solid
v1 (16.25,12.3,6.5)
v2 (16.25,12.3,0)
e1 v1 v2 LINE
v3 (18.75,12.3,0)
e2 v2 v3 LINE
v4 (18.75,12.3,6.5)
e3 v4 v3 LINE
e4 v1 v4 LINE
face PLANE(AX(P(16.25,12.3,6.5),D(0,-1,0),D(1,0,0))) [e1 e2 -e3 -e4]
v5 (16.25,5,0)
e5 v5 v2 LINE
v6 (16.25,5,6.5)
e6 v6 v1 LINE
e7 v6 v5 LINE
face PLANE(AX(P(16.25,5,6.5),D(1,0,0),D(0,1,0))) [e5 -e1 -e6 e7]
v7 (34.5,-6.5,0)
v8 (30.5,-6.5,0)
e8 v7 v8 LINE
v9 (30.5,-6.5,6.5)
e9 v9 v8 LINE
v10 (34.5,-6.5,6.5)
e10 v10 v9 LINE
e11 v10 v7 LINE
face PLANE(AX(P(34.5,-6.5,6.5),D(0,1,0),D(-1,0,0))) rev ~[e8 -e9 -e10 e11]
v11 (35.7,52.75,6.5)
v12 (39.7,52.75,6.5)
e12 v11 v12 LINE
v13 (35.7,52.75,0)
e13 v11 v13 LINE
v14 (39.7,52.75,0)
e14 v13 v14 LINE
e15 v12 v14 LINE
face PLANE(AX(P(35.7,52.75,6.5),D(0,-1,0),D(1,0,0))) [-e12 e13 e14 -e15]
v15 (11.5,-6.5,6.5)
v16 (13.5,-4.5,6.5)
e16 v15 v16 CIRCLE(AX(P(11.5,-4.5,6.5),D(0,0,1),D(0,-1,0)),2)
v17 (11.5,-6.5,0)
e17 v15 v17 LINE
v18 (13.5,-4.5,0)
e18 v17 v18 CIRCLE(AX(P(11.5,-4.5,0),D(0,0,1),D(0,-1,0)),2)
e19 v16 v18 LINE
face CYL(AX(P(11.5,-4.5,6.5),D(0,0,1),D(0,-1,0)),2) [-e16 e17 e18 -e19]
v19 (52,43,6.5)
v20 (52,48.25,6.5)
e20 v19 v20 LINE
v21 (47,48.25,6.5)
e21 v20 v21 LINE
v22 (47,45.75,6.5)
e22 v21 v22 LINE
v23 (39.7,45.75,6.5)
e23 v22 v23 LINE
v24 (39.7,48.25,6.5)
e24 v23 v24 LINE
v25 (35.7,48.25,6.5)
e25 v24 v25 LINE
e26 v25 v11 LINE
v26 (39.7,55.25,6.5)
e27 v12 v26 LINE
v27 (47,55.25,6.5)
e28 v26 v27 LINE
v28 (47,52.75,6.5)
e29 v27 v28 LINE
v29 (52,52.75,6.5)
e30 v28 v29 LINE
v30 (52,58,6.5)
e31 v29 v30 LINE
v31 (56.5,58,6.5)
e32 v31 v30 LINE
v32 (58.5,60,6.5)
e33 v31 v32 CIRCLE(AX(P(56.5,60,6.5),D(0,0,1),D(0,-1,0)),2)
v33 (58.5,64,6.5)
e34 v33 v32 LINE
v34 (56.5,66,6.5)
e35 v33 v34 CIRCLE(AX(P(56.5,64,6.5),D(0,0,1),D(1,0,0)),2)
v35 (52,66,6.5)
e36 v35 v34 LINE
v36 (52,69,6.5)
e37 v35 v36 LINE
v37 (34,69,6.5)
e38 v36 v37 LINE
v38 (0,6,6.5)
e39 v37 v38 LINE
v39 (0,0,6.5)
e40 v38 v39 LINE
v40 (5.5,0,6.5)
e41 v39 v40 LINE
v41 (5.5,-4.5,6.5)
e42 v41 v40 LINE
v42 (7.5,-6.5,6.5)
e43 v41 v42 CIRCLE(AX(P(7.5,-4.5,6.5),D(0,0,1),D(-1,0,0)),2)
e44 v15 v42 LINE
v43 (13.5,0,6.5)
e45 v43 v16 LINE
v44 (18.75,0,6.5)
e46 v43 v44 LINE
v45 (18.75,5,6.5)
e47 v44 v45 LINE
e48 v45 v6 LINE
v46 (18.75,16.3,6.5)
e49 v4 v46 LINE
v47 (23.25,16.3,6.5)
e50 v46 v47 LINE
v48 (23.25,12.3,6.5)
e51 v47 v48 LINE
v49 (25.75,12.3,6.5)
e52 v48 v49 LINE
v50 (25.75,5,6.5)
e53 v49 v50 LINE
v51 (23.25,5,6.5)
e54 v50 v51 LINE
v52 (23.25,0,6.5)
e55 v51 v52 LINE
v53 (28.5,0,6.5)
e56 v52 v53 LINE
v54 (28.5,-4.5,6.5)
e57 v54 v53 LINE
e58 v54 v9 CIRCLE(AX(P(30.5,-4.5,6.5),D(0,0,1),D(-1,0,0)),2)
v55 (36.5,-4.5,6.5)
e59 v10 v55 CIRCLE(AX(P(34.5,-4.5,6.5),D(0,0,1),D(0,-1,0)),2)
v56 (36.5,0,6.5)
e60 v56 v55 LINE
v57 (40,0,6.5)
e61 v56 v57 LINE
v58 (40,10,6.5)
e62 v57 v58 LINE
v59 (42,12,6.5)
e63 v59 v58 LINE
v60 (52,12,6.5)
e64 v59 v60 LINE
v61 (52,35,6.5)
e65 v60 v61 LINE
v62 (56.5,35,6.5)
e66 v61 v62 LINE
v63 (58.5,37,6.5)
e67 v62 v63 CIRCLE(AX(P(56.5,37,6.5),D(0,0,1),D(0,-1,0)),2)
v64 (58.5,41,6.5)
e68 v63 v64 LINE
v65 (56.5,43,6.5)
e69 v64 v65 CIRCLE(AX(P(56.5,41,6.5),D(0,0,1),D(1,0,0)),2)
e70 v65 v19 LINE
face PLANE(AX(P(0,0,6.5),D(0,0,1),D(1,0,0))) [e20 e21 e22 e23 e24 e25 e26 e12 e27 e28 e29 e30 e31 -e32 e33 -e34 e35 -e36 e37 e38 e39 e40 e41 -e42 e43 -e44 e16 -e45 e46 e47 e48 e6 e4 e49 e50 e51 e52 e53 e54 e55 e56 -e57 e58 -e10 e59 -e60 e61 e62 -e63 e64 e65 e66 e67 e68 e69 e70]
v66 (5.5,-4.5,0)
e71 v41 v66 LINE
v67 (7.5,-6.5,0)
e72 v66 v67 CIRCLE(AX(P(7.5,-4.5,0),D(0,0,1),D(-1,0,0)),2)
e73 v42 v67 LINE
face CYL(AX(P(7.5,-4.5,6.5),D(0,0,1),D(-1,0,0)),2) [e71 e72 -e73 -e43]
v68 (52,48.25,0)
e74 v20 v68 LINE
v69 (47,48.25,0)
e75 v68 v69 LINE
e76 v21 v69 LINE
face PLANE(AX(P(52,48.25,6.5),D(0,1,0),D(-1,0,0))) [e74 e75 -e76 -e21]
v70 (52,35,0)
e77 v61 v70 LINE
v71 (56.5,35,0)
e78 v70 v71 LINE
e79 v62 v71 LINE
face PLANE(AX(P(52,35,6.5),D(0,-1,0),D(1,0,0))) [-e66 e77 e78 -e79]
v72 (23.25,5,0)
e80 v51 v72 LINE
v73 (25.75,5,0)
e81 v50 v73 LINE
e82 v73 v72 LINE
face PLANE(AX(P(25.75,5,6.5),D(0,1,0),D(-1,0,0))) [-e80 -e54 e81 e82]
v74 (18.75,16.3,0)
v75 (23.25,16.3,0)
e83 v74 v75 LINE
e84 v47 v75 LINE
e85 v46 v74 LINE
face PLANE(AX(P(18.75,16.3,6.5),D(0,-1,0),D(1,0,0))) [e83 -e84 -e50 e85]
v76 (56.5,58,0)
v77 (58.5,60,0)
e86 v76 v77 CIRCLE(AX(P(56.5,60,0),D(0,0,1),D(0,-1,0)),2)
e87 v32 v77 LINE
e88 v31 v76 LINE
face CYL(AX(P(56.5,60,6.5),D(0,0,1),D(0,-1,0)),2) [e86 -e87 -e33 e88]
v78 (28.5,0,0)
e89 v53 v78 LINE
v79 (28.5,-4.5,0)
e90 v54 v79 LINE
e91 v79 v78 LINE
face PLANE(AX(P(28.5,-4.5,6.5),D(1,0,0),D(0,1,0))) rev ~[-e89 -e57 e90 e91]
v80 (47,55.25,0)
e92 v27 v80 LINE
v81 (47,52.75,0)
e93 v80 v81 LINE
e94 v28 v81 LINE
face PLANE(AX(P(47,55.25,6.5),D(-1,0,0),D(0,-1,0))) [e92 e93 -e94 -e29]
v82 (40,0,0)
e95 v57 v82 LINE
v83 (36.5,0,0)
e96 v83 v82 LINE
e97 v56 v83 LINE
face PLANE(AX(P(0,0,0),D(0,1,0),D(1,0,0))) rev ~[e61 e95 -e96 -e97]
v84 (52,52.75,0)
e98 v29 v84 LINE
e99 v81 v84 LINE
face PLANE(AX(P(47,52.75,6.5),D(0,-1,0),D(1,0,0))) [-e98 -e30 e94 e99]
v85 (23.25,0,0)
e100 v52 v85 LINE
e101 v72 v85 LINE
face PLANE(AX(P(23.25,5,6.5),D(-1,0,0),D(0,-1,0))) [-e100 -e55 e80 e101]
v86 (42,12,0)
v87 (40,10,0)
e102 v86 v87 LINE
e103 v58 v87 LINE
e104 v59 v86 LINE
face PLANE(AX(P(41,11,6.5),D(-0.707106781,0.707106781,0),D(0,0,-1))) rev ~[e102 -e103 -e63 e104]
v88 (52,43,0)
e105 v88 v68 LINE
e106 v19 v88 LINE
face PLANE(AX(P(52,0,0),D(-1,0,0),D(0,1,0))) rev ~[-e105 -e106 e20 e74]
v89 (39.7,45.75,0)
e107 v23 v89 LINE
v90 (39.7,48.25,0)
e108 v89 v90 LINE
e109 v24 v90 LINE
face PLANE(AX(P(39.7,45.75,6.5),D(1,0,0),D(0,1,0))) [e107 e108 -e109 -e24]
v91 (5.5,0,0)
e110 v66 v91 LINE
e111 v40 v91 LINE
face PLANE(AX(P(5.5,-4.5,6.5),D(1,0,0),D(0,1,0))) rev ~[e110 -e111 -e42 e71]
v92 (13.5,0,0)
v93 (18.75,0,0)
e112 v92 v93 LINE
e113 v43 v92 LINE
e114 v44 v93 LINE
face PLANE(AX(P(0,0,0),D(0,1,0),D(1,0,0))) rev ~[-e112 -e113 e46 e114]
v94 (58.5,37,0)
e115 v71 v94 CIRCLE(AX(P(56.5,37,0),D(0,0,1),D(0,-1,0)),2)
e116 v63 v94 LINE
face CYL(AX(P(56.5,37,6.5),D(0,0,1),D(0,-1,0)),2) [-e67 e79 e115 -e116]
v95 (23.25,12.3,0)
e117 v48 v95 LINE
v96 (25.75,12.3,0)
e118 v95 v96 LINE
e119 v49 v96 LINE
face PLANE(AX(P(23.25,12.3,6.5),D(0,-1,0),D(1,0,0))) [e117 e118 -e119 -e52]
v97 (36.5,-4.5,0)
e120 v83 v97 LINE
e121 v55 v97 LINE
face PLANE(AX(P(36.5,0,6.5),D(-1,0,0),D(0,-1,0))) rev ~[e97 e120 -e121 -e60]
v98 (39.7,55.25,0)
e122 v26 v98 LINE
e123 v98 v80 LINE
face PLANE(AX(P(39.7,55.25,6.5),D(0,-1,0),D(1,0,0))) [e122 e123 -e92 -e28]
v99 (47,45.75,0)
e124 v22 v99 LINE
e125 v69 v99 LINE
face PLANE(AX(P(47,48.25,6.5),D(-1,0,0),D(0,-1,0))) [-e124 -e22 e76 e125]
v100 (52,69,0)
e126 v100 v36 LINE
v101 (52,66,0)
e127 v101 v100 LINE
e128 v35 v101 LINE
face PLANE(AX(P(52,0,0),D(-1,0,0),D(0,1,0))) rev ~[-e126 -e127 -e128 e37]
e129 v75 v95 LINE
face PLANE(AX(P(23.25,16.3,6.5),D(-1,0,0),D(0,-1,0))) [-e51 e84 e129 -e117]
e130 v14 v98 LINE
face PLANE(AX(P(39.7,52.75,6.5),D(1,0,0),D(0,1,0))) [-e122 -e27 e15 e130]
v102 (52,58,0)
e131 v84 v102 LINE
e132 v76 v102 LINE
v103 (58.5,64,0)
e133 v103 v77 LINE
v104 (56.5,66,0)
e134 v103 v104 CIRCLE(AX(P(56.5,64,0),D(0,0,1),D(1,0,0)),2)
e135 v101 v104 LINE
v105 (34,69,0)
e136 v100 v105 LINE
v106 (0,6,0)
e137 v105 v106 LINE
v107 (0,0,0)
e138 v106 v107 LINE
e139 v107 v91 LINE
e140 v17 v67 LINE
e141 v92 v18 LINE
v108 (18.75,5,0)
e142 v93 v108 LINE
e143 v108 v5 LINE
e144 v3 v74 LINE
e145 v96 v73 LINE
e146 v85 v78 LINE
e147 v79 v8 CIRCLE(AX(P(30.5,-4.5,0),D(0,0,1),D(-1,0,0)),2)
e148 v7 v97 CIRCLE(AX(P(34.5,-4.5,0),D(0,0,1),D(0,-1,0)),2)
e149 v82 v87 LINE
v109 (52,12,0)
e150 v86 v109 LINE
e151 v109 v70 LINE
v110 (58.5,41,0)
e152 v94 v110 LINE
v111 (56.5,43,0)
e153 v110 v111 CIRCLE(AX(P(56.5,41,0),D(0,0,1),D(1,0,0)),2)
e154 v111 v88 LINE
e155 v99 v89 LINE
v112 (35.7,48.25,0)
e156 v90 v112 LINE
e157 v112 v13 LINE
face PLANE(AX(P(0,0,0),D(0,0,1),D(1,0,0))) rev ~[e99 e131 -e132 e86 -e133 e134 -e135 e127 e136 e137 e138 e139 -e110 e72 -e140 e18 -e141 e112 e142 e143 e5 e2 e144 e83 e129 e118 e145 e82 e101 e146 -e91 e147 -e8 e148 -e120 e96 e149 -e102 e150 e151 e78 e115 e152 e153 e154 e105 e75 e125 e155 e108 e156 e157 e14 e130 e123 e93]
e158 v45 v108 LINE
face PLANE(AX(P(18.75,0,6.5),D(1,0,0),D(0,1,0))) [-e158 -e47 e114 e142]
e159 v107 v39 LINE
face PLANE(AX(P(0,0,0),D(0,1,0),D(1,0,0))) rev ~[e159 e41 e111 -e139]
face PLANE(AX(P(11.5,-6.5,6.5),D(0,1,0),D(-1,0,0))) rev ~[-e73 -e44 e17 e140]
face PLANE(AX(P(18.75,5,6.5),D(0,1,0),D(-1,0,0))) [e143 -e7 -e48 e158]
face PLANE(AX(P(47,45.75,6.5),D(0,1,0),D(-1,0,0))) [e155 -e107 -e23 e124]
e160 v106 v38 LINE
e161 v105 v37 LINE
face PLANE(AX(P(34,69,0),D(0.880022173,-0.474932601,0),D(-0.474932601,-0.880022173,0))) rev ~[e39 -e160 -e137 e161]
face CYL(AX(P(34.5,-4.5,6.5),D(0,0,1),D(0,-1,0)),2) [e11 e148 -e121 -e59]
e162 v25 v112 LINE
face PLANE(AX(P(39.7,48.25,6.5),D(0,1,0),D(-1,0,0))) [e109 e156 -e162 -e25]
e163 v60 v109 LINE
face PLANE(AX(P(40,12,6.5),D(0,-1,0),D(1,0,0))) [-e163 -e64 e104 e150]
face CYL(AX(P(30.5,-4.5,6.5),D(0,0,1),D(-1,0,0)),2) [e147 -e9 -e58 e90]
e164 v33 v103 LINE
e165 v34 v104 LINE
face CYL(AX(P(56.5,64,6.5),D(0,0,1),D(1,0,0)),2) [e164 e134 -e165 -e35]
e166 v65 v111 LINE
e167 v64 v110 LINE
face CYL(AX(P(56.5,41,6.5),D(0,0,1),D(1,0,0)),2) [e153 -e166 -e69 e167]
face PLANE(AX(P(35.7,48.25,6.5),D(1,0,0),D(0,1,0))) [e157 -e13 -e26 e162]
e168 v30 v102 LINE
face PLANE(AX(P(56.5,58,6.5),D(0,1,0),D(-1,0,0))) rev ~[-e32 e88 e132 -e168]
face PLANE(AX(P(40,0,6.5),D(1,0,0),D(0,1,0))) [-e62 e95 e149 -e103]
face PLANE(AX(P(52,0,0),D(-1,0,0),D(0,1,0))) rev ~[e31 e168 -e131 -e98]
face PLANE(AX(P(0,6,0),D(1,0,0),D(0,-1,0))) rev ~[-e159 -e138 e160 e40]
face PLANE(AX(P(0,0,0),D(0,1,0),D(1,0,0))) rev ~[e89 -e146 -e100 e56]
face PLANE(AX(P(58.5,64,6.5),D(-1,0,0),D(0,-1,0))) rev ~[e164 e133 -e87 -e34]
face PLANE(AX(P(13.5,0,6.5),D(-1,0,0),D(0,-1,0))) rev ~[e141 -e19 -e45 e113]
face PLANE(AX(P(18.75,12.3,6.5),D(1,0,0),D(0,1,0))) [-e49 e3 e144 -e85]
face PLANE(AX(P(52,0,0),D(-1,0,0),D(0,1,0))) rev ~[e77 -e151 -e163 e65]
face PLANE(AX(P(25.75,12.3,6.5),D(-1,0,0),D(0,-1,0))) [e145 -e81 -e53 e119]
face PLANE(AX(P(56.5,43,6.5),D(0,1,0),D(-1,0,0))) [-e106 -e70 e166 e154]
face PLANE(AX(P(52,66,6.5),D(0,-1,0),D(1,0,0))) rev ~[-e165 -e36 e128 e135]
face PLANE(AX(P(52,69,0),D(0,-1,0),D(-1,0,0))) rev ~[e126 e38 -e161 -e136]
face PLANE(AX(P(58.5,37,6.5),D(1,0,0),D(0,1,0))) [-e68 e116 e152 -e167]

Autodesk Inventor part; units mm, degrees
ref_plane "YZ Plane" through (0, 0, 0) normal (1, 0, 0) x (0, 1, 0)
ref_plane "XZ Plane" through (0, 0, 0) normal (0, 1, 0) x (-1, 0, 0)
ref_plane "XY Plane" through (0, 0, 0) normal (0, 0, 1) x (1, 0, 0)
sketch "Sketch1" plane through (0, 0, 0) normal (0, 0, 1) x (1, 0, 0)
  line L0 (0, 0) -> (52, 0)
  line L1 (52, 0) -> (52, 69)
  line L2 (52, 69) -> (34, 69)
  line L3 (34, 69) -> (0, 6)
  line L4 (0, 6) -> (0, 0)
  dimension "d0" = 52
  dimension "d1" = 6
  dimension "d2" = 18
  dimension "d3" = 69
extrude "Extrusion1" add sketch "Sketch1" along normal blind 6.5
sketch "Sketch2" plane through (0, 0, 6.5) normal (0, 0, 1) x (1, 0, 0)
  line L0 (0, 0) -> (52, 0) projected
  line L1 (52, 0) -> (52, 69) projected
  line L2 (18.75, 16.3) -> (23.25, 16.3)
  line L3 (23.25, 0) -> (18.75, 0)
  line L4 (25.75, 12.3) -> (25.75, 5)
  line L5 (16.25, 5) -> (16.25, 12.3)
  line L6 (39.7, 55.25) -> (47, 55.25)
  line L7 (47, 45.75) -> (39.7, 45.75)
  line L8 (52, 52.75) -> (52, 48.25)
  line L9 (35.7, 48.25) -> (35.7, 52.75)
  line L10 (16.25, 12.3) -> (18.75, 12.3)
  line L11 (23.25, 12.3) -> (25.75, 12.3)
  line L12 (18.75, 0) -> (18.75, 5)
  line L13 (18.75, 12.3) -> (18.75, 16.3)
  line L14 (25.75, 5) -> (23.25, 5)
  line L15 (18.75, 5) -> (16.25, 5)
  line L16 (23.25, 16.3) -> (23.25, 12.3)
  line L17 (23.25, 5) -> (23.25, 0)
  line L18 (52, 48.25) -> (47, 48.25)
  line L19 (39.7, 48.25) -> (35.7, 48.25)
  line L20 (35.7, 52.75) -> (39.7, 52.75)
  line L21 (47, 52.75) -> (52, 52.75)
  line L22 (39.7, 45.75) -> (39.7, 48.25)
  line L23 (39.7, 52.75) -> (39.7, 55.25)
  line L24 (47, 55.25) -> (47, 52.75)
  line L25 (47, 48.25) -> (47, 45.75)
  point P0 (35.7, 50.5)
  point P1 (21, 16.3)
  dimension "d6" = 4.5
  dimension "d7" = 2.5
  dimension "d8" = 2.5
  dimension "d9" = 5
  dimension "d10" = 4
  dimension "d11" = 7.3
  dimension "d12" = 4.5
  dimension "d13" = 2.5
  dimension "d14" = 2.5
  dimension "d15" = 4
  dimension "d16" = 5
  dimension "d17" = 7.3
  dimension "d19" = 31
  dimension "d39" = 18.5
extrude "Extrusion2" cut sketch "Sketch2" against normal blind 6.5
sketch "Sketch3" plane through (0, 0, 6.5) normal (0, 0, 1) x (1, 0, 0)
  line L0 (23.25, 0) -> (52, 0) projected
  line L1 (52, 0) -> (52, 48.25) projected
  line L2 (35.7, 48.25) -> (35.7, 52.75) projected
  line L3 (52, 52.75) -> (52, 69) projected
  line L4 (0, 0) -> (18.75, 0) projected
  line L5 (18.75, 16.3) -> (23.25, 16.3) projected
  line L6 (5.5, 0) -> (13.5, 0)
  line L7 (13.5, 0) -> (13.5, -4.5)
  line L8 (11.5, -6.5) -> (7.5, -6.5)
  line L9 (5.5, -4.5) -> (5.5, 0)
  line L10 (28.5, 0) -> (36.5, 0)
  line L11 (36.5, 0) -> (36.5, -4.5)
  line L12 (34.5, -6.5) -> (30.5, -6.5)
  line L13 (28.5, -4.5) -> (28.5, 0)
  line L14 (52, 35) -> (56.5, 35)
  line L15 (58.5, 37) -> (58.5, 41)
  line L16 (56.5, 43) -> (52, 43)
  line L17 (52, 43) -> (52, 35)
  line L18 (52, 66) -> (56.5, 66)
  line L19 (58.5, 64) -> (58.5, 60)
  line L20 (56.5, 58) -> (52, 58)
  line L21 (52, 58) -> (52, 66)
  arc A0 (5.5, -4.5) -> (7.5, -6.5) centre (7.5, -4.5) ccw
  arc A1 (11.5, -6.5) -> (13.5, -4.5) centre (11.5, -4.5) ccw
  arc A2 (28.5, -4.5) -> (30.5, -6.5) centre (30.5, -4.5) ccw
  arc A3 (34.5, -6.5) -> (36.5, -4.5) centre (34.5, -4.5) ccw
  arc A4 (56.5, 35) -> (58.5, 37) centre (56.5, 37) ccw
  arc A5 (58.5, 41) -> (56.5, 43) centre (56.5, 41) ccw
  arc A6 (58.5, 64) -> (56.5, 66) centre (56.5, 64) ccw
  arc A7 (56.5, 58) -> (58.5, 60) centre (56.5, 60) ccw
  point P0 (35.7, 50.5)
  point P1 (21, 16.3)
  dimension "d22" = 2
  dimension "d23" = 6.5
  dimension "d24" = 8
  dimension "d25" = 8
  dimension "d26" = 8
  dimension "d27" = 8
  dimension "d28" = 6.5
  dimension "d29" = 7.5
  dimension "d30" = 15
  dimension "d31" = 15
  dimension "d32" = 7.5
extrude "Extrusion3" add sketch "Sketch3" against normal blind 6.5
sketch "Sketch4" plane through (0, 0, 6.5) normal (0, 0, 1) x (1, 0, 0)
  line L0 (52, 0) -> (40, 0)
  line L1 (40, 0) -> (40, 12)
  line L2 (40, 12) -> (52, 12)
  line L3 (52, 12) -> (52, 0)
  dimension "d35" = 12
  dimension "d36" = 12
extrude "Extrusion4" cut sketch "Sketch4" against normal blind 6.5
chamfer "Chamfer1" distance 2 angle 45 1 edges at (40, 12, 3.25)
properties part number "x_motor_cable_mount_brace" material "Plywood, Finish"
